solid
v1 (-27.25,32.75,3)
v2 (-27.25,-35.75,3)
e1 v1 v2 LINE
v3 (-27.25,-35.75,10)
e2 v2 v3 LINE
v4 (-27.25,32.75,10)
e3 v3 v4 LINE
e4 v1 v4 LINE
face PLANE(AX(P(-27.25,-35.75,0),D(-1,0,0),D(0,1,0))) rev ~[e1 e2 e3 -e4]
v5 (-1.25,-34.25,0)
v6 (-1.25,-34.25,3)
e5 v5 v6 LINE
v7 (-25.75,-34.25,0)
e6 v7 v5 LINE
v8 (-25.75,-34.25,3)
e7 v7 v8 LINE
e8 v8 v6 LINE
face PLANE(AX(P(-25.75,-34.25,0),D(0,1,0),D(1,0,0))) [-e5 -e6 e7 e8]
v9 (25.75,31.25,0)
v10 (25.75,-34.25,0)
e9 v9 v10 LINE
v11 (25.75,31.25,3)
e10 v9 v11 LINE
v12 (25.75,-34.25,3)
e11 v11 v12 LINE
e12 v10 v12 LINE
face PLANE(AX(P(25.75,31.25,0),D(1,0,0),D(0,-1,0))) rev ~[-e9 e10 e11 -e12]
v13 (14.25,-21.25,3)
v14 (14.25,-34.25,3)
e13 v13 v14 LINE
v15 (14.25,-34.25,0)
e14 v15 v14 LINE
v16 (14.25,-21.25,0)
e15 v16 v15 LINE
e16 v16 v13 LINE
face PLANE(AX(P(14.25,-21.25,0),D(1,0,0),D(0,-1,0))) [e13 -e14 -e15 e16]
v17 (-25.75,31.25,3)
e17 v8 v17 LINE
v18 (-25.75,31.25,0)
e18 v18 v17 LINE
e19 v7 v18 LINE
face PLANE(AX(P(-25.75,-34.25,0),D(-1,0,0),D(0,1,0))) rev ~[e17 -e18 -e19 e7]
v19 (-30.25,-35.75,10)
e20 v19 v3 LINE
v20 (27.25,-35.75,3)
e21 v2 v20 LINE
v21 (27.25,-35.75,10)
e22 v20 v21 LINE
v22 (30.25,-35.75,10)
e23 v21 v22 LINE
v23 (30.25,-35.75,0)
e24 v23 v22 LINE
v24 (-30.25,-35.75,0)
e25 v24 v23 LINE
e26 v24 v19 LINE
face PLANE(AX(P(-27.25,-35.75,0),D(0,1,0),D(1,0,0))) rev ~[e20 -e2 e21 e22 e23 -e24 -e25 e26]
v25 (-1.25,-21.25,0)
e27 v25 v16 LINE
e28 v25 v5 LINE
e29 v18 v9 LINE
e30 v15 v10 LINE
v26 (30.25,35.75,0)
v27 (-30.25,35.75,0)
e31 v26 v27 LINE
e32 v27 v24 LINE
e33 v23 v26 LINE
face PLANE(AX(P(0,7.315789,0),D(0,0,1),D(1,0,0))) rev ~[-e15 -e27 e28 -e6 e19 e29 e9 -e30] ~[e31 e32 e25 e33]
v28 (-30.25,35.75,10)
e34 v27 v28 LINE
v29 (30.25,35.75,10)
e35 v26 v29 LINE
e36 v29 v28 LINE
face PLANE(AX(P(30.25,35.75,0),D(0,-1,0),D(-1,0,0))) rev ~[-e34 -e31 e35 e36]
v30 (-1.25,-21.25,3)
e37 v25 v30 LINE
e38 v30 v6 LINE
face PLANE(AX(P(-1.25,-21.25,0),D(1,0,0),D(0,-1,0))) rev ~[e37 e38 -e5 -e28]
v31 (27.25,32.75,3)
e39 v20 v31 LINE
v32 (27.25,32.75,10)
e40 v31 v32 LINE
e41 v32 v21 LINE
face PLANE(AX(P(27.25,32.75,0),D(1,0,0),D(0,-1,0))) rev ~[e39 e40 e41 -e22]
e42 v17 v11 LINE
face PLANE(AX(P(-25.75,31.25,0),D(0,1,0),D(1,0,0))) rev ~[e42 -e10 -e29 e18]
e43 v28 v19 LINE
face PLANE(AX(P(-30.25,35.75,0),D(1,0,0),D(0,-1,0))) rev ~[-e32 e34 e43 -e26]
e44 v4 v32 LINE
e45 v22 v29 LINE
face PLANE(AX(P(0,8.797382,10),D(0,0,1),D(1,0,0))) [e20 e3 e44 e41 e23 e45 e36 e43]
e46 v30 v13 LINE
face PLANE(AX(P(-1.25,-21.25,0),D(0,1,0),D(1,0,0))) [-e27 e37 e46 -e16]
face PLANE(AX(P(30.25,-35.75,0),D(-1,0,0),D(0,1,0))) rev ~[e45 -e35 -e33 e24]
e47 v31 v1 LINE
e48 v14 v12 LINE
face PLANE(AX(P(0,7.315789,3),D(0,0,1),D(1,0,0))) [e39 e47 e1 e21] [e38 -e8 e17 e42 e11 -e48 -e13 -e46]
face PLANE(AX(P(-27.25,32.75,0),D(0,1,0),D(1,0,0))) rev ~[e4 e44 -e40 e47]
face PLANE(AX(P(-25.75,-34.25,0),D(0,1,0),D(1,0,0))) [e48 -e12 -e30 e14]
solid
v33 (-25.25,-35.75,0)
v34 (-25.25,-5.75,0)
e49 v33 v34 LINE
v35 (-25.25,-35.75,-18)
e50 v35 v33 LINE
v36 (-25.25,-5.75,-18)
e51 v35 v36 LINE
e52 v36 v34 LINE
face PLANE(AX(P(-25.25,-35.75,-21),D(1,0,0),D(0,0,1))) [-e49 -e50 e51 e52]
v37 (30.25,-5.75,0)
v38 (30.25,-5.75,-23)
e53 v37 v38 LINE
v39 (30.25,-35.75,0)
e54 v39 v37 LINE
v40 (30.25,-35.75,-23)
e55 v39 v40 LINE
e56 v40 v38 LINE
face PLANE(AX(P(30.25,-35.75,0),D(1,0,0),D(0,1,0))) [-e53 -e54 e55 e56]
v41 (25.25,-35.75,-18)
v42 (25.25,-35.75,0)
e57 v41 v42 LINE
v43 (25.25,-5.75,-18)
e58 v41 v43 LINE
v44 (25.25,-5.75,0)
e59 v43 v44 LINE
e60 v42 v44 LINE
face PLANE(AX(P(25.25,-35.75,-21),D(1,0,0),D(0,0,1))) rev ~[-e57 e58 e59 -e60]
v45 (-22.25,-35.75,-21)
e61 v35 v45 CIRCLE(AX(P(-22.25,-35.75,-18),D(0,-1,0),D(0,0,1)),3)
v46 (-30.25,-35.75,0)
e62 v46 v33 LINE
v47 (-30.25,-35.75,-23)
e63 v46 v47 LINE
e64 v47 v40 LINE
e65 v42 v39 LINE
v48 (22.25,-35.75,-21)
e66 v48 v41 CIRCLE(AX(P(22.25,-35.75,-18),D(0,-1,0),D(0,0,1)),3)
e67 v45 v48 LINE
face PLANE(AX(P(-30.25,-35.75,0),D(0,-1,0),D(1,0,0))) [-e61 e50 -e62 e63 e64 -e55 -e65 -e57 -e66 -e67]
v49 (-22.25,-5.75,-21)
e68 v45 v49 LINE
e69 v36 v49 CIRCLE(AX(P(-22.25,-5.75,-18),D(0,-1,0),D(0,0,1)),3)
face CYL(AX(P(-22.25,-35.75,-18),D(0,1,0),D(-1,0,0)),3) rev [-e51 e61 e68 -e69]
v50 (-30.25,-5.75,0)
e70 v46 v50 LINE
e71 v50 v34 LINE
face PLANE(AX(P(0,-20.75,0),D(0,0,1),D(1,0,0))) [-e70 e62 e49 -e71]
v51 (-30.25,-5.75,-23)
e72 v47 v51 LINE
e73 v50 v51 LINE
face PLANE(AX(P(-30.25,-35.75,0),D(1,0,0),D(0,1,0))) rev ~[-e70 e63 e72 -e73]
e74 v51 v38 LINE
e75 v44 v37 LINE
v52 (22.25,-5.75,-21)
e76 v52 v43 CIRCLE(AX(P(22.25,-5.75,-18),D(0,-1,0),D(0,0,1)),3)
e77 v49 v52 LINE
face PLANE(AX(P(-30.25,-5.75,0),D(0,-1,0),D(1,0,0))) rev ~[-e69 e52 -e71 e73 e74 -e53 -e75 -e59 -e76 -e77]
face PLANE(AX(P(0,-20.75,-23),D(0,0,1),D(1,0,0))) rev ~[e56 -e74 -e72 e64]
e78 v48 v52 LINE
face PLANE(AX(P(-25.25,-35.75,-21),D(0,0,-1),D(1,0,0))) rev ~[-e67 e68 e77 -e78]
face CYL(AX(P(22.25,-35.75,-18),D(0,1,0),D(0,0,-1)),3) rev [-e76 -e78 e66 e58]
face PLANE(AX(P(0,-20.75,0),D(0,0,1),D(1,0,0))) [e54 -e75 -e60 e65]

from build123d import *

# Parameters (mm, degrees)
F1_DEPTH  = 10
F2_W      = 51.5
F2_H      = 1.5
F3_DEPTH  = 3
F4_W      = 60.5
F4_H      = 30
F5_DEPTH  = 23
F7_W      = 50.5
F7_H      = 21
F8_DEPTH  = 38.4
F9_R      = 3
F6_W      = 15.5
F6_H      = 13
F10_DEPTH = 3


with BuildPart() as f1:
    # F0 (on Top) → F1 (new body)
    with BuildSketch(Plane.XY):
        Polygon((30.25, -35.75), (30.25, 35.75), (-30.25, 35.75), (-30.25, -35.75), (-27.25, -35.75), (-27.25, 32.75), (27.25, 32.75), (27.25, -35.75), align=None)
    extrude(amount=F1_DEPTH)

    # F2 (on Top) → F3 (join)
    with BuildSketch(Plane.XY):
        Polygon((-27.25, -35.75), (-25.75, -35.75), (-25.75, -34.25), (-25.75, 31.25), (25.75, 31.25), (25.75, -34.25), (25.75, -35.75), (27.25, -35.75), (27.25, 32.75), (-27.25, 32.75), align=None)
        with Locations((0, -35)):
            Rectangle(F2_W, F2_H)
    extrude(amount=F3_DEPTH)

    # F6 (on face) → F10 (join)
    with BuildSketch(Plane(origin=(0, 0, 0), x_dir=(1, 0, 0), z_dir=(0, 0, -1))):
        with Locations((6.5, 27.75)):
            Rectangle(F6_W, F6_H)
    extrude(amount=-F10_DEPTH)


with BuildPart() as f5:
    # F4 (on Top) → F5 (new body)
    with BuildSketch(Plane.XY):
        with Locations((0, -20.75)):
            Rectangle(F4_W, F4_H)
    extrude(amount=-F5_DEPTH)

    # F7 (on face) → F8 (cut)
    with BuildSketch(Plane.XZ.offset(35.75)):
        with Locations((0, -10.5)):
            Rectangle(F7_W, F7_H)
    extrude(amount=-F8_DEPTH, mode=Mode.SUBTRACT)

    # F9
    f9_edges = [f5.edges().sort_by_distance(p)[0] for p in [
        (-25.25, -20.75, -21),
        (25.25, -20.75, -21),
    ]]
    fillet(f9_edges, radius=F9_R)


solid = Compound([f1.part, f5.part])
